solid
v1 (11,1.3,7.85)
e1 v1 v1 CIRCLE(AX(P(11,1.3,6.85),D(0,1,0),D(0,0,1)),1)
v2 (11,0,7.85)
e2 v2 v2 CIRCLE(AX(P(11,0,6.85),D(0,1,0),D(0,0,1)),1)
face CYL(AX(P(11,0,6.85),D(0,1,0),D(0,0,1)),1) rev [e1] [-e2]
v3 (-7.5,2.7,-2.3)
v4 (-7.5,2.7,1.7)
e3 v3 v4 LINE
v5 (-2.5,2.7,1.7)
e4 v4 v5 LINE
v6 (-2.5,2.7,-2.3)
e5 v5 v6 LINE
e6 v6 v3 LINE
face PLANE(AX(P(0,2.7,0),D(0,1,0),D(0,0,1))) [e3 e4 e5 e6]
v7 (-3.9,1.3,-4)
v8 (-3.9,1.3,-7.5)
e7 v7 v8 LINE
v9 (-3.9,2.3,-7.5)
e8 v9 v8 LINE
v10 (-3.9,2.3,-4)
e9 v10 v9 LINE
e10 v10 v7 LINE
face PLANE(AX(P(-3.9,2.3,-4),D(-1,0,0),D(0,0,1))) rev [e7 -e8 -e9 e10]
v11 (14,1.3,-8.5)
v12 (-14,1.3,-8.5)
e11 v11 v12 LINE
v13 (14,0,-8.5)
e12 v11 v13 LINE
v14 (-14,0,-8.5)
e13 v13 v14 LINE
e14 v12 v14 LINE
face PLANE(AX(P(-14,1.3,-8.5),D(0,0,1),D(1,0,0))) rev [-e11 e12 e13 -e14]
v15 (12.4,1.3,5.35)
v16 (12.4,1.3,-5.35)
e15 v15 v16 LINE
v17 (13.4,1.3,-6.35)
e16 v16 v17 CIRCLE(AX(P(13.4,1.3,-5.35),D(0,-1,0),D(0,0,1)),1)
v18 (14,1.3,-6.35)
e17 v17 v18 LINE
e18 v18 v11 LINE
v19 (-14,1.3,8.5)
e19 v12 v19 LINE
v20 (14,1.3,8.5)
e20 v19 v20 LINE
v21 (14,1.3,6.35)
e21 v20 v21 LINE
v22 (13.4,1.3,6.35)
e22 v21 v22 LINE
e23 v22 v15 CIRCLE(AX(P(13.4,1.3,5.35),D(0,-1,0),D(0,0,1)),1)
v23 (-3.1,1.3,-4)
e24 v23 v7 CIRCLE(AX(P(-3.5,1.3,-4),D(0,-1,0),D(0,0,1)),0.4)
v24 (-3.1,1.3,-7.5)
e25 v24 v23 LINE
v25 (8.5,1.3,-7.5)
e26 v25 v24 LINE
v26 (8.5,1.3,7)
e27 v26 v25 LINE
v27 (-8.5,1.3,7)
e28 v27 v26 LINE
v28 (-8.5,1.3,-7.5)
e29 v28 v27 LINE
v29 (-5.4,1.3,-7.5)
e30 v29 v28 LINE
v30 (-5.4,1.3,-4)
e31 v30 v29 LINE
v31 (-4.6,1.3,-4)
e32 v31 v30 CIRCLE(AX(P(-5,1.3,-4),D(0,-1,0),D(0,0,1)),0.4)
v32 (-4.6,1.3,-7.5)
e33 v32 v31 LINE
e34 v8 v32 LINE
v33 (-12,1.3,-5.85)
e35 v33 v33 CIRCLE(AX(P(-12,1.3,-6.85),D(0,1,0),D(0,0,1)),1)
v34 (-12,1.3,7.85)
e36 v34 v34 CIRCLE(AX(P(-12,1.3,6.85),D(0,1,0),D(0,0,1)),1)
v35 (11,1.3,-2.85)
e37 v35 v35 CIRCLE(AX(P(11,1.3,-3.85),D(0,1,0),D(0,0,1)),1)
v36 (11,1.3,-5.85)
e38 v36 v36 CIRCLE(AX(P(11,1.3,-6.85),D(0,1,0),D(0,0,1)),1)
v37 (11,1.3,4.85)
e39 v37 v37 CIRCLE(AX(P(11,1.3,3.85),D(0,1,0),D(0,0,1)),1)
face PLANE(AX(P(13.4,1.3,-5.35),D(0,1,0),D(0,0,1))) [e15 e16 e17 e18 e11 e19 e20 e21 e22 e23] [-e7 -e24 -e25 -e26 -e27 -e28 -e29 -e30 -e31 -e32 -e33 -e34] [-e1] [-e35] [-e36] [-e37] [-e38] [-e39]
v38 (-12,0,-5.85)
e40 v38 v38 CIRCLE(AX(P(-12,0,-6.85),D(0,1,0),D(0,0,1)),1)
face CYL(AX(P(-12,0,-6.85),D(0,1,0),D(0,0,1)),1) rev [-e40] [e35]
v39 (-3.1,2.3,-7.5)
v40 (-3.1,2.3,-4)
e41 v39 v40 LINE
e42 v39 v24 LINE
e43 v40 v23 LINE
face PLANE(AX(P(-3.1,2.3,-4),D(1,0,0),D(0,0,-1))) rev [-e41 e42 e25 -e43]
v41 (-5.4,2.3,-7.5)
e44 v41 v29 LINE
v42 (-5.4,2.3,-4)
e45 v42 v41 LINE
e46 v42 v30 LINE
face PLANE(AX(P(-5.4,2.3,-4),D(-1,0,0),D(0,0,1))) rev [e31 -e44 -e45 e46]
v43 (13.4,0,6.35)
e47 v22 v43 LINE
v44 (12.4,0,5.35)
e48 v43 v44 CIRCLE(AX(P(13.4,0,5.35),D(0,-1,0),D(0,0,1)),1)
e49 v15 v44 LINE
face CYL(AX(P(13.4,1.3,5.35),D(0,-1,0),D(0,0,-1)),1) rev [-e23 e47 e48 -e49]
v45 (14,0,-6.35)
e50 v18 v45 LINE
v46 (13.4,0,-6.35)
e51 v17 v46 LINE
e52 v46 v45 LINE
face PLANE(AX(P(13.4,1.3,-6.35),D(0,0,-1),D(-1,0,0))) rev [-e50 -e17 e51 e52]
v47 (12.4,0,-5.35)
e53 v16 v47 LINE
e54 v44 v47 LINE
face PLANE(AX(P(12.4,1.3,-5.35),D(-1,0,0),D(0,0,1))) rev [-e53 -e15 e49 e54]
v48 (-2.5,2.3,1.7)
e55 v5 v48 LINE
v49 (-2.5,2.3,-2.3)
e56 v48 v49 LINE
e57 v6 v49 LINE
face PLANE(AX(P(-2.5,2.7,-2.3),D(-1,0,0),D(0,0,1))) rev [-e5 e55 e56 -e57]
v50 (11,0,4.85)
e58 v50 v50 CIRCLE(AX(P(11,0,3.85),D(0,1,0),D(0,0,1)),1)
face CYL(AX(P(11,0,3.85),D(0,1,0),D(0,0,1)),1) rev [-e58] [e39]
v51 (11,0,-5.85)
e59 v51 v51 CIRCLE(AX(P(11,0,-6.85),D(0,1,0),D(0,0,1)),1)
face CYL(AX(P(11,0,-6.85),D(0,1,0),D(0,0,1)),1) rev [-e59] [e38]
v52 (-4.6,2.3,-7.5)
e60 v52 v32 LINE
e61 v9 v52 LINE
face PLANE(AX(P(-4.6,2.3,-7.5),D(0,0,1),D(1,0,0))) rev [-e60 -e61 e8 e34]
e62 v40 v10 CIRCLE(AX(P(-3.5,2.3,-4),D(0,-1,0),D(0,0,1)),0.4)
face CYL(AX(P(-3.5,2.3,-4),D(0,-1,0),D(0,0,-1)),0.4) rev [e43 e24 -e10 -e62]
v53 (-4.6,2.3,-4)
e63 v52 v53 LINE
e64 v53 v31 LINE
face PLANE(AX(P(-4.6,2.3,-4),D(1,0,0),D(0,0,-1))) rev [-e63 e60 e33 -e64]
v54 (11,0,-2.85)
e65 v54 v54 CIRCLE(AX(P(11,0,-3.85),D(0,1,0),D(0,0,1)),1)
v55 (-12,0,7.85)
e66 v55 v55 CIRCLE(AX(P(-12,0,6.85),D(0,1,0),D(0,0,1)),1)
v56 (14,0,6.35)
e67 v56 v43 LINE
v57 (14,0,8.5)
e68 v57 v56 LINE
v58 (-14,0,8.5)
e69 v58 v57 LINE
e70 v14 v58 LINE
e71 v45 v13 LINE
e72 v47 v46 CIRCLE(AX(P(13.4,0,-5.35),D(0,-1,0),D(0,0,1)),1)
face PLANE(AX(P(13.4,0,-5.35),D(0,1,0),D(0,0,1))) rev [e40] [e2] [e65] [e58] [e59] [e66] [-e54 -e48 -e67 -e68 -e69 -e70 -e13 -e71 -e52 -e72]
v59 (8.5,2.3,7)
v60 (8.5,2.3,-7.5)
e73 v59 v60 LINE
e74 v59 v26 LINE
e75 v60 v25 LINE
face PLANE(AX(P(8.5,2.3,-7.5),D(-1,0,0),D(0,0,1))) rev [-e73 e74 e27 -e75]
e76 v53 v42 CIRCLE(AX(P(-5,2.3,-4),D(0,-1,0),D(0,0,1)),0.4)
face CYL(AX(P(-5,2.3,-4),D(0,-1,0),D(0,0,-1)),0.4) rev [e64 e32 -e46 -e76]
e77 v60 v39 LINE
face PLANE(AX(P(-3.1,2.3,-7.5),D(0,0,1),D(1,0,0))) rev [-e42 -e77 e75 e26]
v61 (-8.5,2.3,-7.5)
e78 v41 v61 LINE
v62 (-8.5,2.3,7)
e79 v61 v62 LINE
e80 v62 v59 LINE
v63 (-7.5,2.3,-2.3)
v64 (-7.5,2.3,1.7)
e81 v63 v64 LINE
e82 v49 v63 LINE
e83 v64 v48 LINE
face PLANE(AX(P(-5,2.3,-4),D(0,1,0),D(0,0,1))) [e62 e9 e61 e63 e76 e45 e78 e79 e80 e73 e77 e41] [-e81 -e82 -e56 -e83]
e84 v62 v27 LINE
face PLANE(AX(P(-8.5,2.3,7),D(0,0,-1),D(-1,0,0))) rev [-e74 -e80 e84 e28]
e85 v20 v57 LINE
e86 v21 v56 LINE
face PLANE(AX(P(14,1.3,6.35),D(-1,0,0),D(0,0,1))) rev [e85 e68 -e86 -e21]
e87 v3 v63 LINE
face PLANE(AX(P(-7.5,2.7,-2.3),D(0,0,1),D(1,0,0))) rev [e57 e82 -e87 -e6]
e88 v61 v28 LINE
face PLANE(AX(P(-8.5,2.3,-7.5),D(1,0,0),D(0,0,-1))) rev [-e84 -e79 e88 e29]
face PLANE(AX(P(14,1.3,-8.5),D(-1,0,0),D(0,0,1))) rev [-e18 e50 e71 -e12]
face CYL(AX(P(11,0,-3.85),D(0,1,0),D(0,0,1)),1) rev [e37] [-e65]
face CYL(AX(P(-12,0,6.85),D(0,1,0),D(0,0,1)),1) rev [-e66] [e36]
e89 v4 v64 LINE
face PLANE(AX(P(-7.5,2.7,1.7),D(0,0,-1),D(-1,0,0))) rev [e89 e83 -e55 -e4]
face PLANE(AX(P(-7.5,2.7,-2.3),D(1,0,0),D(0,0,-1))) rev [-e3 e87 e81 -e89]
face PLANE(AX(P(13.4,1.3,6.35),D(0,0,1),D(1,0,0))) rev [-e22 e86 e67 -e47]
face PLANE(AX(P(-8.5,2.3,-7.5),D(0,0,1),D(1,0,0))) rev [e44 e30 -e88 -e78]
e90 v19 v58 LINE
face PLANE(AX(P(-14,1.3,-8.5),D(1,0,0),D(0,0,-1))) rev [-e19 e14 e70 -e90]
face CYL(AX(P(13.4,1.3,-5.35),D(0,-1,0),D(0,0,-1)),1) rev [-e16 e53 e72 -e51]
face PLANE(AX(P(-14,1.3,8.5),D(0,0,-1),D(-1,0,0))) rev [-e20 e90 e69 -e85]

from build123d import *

# Parameters (mm, degrees)
EXTRUDE_1_DEPTH     = 1.3
SKETCH_2_R          = 1
CUT_EXTRUDE_1_DEPTH = 17.429850882
EXTRUDE_2_DEPTH     = 1
SKETCH_4_W          = 5
SKETCH_4_H          = 4
EXTRUDE_3_DEPTH     = 0.4


with BuildPart() as part:
    # Эскиз1 → Бобышка-Вытянуть1 (new body)
    with BuildSketch(Plane(origin=(0, 0, 0), x_dir=(1, 0, 0), z_dir=(0, 1, 0))):
        with BuildLine():
            Line((12.4, 5.35), (12.4, -5.35))
            ThreePointArc((12.4, -5.35), (12.692893219, -6.057106781), (13.4, -6.35))
            Line((13.4, -6.35), (14, -6.35))
            Line((14, -6.35), (14, -8.5))
            Line((14, -8.5), (-14, -8.5))
            Line((-14, -8.5), (-14, 8.5))
            Line((-14, 8.5), (14, 8.5))
            Line((14, 8.5), (14, 6.35))
            Line((14, 6.35), (13.4, 6.35))
            ThreePointArc((13.4, 6.35), (12.692893219, 6.057106781), (12.4, 5.35))
        make_face()
    extrude(amount=EXTRUDE_1_DEPTH)

    # Эскиз2 → Вырез-Вытянуть1 (cut, through all)
    with BuildSketch(Plane(origin=(0, 1.3, 0), x_dir=(1, 0, 0), z_dir=(0, 1, 0))):
        with Locations(Location((11, 6.85, 0), (0, 0, 270))):
            Circle(SKETCH_2_R)
        with Locations(Location((-12, 6.85, 0), (0, 0, 270))):
            Circle(SKETCH_2_R)
        with Locations(Location((-12, -6.85, 0), (0, 0, 270))):
            Circle(SKETCH_2_R)
        with Locations(Location((11, -6.85, 0), (0, 0, 270))):
            Circle(SKETCH_2_R)
        with Locations(Location((11, -3.85, 0), (0, 0, 270))):
            Circle(SKETCH_2_R)
        with Locations(Location((11, 3.85, 0), (0, 0, 270))):
            Circle(SKETCH_2_R)
    extrude(amount=-CUT_EXTRUDE_1_DEPTH, mode=Mode.SUBTRACT)

    # Эскиз3 → Бобышка-Вытянуть2 (add)
    with BuildSketch(Plane(origin=(0, 1.3, 0), x_dir=(1, 0, 0), z_dir=(0, 1, 0))):
        with BuildLine():
            Line((-5.4, 4), (-5.4, 7.5))
            Line((-5.4, 7.5), (-8.5, 7.5))
            Line((-8.5, 7.5), (-8.5, -7))
            Line((-8.5, -7), (8.5, -7))
            Line((8.5, -7), (8.5, 7.5))
            Line((8.5, 7.5), (-3.1, 7.5))
            Line((-3.1, 7.5), (-3.1, 4))
            ThreePointArc((-3.1, 4), (-3.5, 3.6), (-3.9, 4))
            Line((-3.9, 4), (-3.9, 7.5))
            Line((-3.9, 7.5), (-4.6, 7.5))
            Line((-4.6, 7.5), (-4.6, 4))
            ThreePointArc((-4.6, 4), (-5, 3.6), (-5.4, 4))
        make_face()
    extrude(amount=EXTRUDE_2_DEPTH)

    # Эскиз4 → Бобышка-Вытянуть3 (add)
    with BuildSketch(Plane(origin=(0, 2.3, 0), x_dir=(1, 0, 0), z_dir=(0, 1, 0))):
        with Locations((-5, 0.3)):
            Rectangle(SKETCH_4_W, SKETCH_4_H)
    extrude(amount=EXTRUDE_3_DEPTH)


solid = part.part
